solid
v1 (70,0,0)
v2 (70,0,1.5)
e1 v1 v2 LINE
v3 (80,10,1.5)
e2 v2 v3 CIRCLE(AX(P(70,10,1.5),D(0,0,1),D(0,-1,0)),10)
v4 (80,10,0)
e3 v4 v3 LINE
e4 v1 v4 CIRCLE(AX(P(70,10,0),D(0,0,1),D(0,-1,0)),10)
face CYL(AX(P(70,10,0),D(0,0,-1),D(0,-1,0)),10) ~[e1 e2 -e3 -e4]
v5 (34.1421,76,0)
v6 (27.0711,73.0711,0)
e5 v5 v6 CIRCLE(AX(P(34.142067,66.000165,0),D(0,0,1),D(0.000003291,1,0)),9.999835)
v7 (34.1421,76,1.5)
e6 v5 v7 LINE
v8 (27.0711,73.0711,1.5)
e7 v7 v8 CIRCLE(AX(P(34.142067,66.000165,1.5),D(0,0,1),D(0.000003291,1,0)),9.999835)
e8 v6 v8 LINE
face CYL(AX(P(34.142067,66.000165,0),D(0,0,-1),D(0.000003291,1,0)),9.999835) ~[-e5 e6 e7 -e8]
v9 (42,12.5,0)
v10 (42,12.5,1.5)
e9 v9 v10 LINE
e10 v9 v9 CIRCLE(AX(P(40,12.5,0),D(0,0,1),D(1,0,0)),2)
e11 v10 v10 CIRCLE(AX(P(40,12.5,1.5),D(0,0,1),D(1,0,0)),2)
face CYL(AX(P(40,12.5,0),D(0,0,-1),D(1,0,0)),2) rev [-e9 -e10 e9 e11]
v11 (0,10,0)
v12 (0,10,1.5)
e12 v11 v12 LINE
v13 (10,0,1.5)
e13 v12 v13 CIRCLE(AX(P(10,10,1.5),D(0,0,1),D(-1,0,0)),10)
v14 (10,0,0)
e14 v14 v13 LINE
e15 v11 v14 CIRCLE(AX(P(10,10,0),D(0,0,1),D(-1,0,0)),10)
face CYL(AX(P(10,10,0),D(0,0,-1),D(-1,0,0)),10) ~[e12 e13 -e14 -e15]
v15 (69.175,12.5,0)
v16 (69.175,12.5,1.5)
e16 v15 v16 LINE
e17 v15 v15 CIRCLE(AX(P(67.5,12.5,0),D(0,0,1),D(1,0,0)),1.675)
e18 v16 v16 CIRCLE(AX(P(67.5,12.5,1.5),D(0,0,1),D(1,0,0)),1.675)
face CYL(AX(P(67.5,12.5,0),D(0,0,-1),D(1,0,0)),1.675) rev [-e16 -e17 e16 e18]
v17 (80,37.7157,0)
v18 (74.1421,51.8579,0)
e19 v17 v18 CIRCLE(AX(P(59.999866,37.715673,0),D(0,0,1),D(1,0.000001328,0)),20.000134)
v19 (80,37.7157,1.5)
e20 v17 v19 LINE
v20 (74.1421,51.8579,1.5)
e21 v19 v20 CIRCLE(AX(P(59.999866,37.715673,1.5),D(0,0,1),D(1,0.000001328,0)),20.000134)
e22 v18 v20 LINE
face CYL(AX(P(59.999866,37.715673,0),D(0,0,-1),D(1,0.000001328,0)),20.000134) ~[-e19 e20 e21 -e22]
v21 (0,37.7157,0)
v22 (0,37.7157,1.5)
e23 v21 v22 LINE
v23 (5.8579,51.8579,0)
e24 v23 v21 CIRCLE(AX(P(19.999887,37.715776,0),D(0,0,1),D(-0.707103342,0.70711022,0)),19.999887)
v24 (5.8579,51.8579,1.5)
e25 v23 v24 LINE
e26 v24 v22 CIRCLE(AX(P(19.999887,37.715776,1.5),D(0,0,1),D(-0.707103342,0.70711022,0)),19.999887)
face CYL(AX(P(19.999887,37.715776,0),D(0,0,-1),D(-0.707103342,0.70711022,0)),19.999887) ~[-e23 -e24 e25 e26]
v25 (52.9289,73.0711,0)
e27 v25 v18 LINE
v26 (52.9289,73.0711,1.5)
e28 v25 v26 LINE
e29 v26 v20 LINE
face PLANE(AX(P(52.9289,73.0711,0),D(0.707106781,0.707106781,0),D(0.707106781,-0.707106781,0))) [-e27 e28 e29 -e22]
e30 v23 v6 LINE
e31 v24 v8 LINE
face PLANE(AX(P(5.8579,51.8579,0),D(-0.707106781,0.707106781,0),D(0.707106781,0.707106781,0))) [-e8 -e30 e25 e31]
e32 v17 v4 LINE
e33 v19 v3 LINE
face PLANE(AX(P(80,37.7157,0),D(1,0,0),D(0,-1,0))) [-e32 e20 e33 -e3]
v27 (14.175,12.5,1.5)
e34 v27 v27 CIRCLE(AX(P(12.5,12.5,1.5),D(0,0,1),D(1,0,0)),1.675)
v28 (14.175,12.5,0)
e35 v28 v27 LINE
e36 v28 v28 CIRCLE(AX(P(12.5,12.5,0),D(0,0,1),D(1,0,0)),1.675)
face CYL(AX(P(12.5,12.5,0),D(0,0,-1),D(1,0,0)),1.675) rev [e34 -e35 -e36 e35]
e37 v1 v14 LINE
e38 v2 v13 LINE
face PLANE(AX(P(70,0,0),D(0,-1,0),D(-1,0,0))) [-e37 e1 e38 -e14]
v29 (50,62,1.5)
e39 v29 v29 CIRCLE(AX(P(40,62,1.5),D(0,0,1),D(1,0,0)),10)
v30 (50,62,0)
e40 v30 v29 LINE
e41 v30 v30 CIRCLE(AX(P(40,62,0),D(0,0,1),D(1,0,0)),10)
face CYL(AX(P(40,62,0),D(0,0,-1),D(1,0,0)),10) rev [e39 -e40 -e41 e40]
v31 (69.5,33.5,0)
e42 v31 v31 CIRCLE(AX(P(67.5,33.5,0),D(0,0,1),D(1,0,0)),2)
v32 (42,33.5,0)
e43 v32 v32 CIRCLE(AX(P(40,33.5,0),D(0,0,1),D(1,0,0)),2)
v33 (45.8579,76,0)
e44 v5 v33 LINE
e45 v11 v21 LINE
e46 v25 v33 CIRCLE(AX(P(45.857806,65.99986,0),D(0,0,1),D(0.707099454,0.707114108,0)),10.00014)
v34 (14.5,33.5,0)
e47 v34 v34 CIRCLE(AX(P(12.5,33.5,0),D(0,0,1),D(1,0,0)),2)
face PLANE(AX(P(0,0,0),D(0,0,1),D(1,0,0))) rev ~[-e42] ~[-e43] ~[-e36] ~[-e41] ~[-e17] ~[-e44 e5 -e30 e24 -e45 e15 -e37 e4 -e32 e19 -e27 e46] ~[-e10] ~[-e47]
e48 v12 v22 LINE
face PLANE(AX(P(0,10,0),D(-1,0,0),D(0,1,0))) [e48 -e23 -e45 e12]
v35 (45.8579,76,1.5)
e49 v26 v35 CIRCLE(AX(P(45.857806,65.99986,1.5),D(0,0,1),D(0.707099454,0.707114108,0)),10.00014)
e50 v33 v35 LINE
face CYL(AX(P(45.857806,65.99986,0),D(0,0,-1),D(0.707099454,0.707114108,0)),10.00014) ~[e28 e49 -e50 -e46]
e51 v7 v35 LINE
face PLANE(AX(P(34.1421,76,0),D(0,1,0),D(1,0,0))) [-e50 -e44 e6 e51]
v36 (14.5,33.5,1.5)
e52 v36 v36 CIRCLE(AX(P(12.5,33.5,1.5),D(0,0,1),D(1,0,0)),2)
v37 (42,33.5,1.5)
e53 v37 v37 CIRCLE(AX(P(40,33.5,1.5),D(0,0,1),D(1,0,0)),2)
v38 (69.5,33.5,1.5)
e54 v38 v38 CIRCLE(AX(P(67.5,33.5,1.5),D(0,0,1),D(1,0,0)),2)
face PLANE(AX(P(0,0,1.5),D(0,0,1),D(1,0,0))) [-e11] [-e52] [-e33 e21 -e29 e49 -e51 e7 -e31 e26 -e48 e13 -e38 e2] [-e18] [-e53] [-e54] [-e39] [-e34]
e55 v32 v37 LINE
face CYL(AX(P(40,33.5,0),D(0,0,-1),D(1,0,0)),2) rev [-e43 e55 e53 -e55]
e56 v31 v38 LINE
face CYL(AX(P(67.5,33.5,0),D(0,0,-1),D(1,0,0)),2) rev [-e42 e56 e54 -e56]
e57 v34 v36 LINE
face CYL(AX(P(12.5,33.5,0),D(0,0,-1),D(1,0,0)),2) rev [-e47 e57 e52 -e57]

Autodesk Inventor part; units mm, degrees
ref_plane "YZ Plane" through (0, 0, 0) normal (1, 0, 0) x (0, 1, 0)
ref_plane "XZ Plane" through (0, 0, 0) normal (0, 1, 0) x (-1, 0, 0)
ref_plane "XY Plane" through (0, 0, 0) normal (0, 0, 1) x (1, 0, 0)
sketch "Sketch1" plane through (0, 0, 0) normal (0, 0, 1) x (1, 0, 0)
  line L0 (0, 10) -> (0, 37.7157)
  line L1 (5.8579, 51.8579) -> (27.0711, 73.0711)
  line L2 (34.1421, 76) -> (45.8579, 76)
  line L3 (52.9289, 73.0711) -> (74.1421, 51.8579)
  line L4 (80, 37.7157) -> (80, 10)
  line L5 (70, 0) -> (10, 0)
  circle A0 centre (12.5, 12.5) radius 1.675
  circle A1 centre (67.5, 12.5) radius 1.675
  circle A2 centre (67.5, 33.5) radius 2
  circle A3 centre (12.5, 33.5) radius 2
  circle A4 centre (40, 12.5) radius 2
  circle A5 centre (40, 33.5) radius 2
  circle A6 centre (40, 62) radius 10
  arc A7 (5.8579, 51.8579) -> (0, 37.7157) centre (20, 37.7157) ccw
  arc A8 (0, 10) -> (10, 0) centre (10, 10) ccw
  arc A9 (70, 0) -> (80, 10) centre (70, 10) ccw
  arc A10 (80, 37.7157) -> (74.1421, 51.8579) centre (60, 37.7157) ccw
  arc A11 (34.1421, 76) -> (27.0711, 73.0711) centre (34.1421, 66) ccw
  arc A12 (52.9289, 73.0711) -> (45.8579, 76) centre (45.8579, 66) ccw
  point P0 (0, 0)
  point P1 (0, 46)
  point P2 (30, 76)
  point P3 (50, 76)
  point P4 (80, 46)
  point P5 (80, 0)
  point P6 (40, 0)
  point P7 (40, 76)
  dimension "d0" = 46
  dimension "d1" = 46
  dimension "d2" = 80
  dimension "d3" = 30
  dimension "d4" = 30
  dimension "d5" = 30
  dimension "d6" = 3.35
  dimension "d10" = 3.35
  dimension "d12" = 12.5
  dimension "d13" = 12.5
  dimension "d14" = 12.5
  dimension "d15" = 12.5
  dimension "d16" = 4
  dimension "d18" = 12.5
  dimension "d19" = 12.5
  dimension "d20" = 4
  dimension "d22" = 12.5
  dimension "d23" = 12.5
  dimension "d25" = 4
  dimension "d27" = 12.5
  dimension "d28" = 4
  dimension "d30" = 20
  dimension "d31" = 14
  dimension "d32" = 20
  dimension "d33" = 40
  dimension "d34" = 40
  dimension "d35" = 10
  dimension "d36" = 10
  dimension "d37" = 20
  dimension "d38" = 10
  dimension "d39" = 10
extrude "Plate1" add sketch "Sketch1" along normal blind 1.5
equation "\"d0\" = A_width"
equation "\"d1\" = A_width"
equation "\"d6\" = rivet_diameter"
equation "\"d10\" = rivet_diameter"
equation "\"d12\" = rivet_wall_clearance"
equation "\"d13\" = rivet_wall_clearance"
equation "\"d14\" = rivet_wall_clearance"
equation "\"d15\" = rivet_wall_clearance"
equation "\"d16\" = d17"
equation "\"d18\" = rivet_wall_clearance"
equation "\"d19\" = rivet_wall_clearance"
equation "\"d20\" = d21"
equation "\"d22\" = rivet_wall_clearance"
equation "\"d23\" = rivet_wall_clearance"
equation "\"d25\" = d26"
equation "\"d27\" = rivet_wall_clearance"
equation "\"d28\" = d29"
equation "\"d24\" = Thickness"
equation "\"BendRadius\" = Thickness"
equation "\"BendReliefWidth\" = Thickness"
equation "\"BendReliefDepth\" = 0.5 * Thickness"
equation "\"CornerReliefSize\" = 4 * Thickness"
equation "\"MinimumRemnant\" = 2 * Thickness"
equation "\"TransitionRadius\" = BendRadius"
equation "\"JacobiRadiusSize\" = BendRadius"
equation "\"GapSize\" = Thickness"
equation "\"A_width\" = 46"
equation "\"A_joint_diameter\" = 16"
equation "\"A_joint_tolerance\" = 3"
equation "\"l___________\" = 0"
equation "\"l__________\" = 0"
equation "\"l_________\" = 0"
equation "\"rivet_diameter\" = 3.35"
equation "\"plate_thickness\" = 3"
equation "\"l________\" = 0"
equation "\"L_Piston_Top\" = 25"
equation "\"L_Piston_Bottom\" = 21"
equation "\"rivet_wall_clearance\" = 12.5"
equation "\"thin_plate\" = 1.5"
equation "\"A_B_spacing\" = 2"
equation "\"d17\" = 4"
equation "\"d21\" = 4"
equation "\"d26\" = 4"
equation "\"d29\" = 4"
equation "\"Thickness\" = 1.5"
properties part number "sideplate"
